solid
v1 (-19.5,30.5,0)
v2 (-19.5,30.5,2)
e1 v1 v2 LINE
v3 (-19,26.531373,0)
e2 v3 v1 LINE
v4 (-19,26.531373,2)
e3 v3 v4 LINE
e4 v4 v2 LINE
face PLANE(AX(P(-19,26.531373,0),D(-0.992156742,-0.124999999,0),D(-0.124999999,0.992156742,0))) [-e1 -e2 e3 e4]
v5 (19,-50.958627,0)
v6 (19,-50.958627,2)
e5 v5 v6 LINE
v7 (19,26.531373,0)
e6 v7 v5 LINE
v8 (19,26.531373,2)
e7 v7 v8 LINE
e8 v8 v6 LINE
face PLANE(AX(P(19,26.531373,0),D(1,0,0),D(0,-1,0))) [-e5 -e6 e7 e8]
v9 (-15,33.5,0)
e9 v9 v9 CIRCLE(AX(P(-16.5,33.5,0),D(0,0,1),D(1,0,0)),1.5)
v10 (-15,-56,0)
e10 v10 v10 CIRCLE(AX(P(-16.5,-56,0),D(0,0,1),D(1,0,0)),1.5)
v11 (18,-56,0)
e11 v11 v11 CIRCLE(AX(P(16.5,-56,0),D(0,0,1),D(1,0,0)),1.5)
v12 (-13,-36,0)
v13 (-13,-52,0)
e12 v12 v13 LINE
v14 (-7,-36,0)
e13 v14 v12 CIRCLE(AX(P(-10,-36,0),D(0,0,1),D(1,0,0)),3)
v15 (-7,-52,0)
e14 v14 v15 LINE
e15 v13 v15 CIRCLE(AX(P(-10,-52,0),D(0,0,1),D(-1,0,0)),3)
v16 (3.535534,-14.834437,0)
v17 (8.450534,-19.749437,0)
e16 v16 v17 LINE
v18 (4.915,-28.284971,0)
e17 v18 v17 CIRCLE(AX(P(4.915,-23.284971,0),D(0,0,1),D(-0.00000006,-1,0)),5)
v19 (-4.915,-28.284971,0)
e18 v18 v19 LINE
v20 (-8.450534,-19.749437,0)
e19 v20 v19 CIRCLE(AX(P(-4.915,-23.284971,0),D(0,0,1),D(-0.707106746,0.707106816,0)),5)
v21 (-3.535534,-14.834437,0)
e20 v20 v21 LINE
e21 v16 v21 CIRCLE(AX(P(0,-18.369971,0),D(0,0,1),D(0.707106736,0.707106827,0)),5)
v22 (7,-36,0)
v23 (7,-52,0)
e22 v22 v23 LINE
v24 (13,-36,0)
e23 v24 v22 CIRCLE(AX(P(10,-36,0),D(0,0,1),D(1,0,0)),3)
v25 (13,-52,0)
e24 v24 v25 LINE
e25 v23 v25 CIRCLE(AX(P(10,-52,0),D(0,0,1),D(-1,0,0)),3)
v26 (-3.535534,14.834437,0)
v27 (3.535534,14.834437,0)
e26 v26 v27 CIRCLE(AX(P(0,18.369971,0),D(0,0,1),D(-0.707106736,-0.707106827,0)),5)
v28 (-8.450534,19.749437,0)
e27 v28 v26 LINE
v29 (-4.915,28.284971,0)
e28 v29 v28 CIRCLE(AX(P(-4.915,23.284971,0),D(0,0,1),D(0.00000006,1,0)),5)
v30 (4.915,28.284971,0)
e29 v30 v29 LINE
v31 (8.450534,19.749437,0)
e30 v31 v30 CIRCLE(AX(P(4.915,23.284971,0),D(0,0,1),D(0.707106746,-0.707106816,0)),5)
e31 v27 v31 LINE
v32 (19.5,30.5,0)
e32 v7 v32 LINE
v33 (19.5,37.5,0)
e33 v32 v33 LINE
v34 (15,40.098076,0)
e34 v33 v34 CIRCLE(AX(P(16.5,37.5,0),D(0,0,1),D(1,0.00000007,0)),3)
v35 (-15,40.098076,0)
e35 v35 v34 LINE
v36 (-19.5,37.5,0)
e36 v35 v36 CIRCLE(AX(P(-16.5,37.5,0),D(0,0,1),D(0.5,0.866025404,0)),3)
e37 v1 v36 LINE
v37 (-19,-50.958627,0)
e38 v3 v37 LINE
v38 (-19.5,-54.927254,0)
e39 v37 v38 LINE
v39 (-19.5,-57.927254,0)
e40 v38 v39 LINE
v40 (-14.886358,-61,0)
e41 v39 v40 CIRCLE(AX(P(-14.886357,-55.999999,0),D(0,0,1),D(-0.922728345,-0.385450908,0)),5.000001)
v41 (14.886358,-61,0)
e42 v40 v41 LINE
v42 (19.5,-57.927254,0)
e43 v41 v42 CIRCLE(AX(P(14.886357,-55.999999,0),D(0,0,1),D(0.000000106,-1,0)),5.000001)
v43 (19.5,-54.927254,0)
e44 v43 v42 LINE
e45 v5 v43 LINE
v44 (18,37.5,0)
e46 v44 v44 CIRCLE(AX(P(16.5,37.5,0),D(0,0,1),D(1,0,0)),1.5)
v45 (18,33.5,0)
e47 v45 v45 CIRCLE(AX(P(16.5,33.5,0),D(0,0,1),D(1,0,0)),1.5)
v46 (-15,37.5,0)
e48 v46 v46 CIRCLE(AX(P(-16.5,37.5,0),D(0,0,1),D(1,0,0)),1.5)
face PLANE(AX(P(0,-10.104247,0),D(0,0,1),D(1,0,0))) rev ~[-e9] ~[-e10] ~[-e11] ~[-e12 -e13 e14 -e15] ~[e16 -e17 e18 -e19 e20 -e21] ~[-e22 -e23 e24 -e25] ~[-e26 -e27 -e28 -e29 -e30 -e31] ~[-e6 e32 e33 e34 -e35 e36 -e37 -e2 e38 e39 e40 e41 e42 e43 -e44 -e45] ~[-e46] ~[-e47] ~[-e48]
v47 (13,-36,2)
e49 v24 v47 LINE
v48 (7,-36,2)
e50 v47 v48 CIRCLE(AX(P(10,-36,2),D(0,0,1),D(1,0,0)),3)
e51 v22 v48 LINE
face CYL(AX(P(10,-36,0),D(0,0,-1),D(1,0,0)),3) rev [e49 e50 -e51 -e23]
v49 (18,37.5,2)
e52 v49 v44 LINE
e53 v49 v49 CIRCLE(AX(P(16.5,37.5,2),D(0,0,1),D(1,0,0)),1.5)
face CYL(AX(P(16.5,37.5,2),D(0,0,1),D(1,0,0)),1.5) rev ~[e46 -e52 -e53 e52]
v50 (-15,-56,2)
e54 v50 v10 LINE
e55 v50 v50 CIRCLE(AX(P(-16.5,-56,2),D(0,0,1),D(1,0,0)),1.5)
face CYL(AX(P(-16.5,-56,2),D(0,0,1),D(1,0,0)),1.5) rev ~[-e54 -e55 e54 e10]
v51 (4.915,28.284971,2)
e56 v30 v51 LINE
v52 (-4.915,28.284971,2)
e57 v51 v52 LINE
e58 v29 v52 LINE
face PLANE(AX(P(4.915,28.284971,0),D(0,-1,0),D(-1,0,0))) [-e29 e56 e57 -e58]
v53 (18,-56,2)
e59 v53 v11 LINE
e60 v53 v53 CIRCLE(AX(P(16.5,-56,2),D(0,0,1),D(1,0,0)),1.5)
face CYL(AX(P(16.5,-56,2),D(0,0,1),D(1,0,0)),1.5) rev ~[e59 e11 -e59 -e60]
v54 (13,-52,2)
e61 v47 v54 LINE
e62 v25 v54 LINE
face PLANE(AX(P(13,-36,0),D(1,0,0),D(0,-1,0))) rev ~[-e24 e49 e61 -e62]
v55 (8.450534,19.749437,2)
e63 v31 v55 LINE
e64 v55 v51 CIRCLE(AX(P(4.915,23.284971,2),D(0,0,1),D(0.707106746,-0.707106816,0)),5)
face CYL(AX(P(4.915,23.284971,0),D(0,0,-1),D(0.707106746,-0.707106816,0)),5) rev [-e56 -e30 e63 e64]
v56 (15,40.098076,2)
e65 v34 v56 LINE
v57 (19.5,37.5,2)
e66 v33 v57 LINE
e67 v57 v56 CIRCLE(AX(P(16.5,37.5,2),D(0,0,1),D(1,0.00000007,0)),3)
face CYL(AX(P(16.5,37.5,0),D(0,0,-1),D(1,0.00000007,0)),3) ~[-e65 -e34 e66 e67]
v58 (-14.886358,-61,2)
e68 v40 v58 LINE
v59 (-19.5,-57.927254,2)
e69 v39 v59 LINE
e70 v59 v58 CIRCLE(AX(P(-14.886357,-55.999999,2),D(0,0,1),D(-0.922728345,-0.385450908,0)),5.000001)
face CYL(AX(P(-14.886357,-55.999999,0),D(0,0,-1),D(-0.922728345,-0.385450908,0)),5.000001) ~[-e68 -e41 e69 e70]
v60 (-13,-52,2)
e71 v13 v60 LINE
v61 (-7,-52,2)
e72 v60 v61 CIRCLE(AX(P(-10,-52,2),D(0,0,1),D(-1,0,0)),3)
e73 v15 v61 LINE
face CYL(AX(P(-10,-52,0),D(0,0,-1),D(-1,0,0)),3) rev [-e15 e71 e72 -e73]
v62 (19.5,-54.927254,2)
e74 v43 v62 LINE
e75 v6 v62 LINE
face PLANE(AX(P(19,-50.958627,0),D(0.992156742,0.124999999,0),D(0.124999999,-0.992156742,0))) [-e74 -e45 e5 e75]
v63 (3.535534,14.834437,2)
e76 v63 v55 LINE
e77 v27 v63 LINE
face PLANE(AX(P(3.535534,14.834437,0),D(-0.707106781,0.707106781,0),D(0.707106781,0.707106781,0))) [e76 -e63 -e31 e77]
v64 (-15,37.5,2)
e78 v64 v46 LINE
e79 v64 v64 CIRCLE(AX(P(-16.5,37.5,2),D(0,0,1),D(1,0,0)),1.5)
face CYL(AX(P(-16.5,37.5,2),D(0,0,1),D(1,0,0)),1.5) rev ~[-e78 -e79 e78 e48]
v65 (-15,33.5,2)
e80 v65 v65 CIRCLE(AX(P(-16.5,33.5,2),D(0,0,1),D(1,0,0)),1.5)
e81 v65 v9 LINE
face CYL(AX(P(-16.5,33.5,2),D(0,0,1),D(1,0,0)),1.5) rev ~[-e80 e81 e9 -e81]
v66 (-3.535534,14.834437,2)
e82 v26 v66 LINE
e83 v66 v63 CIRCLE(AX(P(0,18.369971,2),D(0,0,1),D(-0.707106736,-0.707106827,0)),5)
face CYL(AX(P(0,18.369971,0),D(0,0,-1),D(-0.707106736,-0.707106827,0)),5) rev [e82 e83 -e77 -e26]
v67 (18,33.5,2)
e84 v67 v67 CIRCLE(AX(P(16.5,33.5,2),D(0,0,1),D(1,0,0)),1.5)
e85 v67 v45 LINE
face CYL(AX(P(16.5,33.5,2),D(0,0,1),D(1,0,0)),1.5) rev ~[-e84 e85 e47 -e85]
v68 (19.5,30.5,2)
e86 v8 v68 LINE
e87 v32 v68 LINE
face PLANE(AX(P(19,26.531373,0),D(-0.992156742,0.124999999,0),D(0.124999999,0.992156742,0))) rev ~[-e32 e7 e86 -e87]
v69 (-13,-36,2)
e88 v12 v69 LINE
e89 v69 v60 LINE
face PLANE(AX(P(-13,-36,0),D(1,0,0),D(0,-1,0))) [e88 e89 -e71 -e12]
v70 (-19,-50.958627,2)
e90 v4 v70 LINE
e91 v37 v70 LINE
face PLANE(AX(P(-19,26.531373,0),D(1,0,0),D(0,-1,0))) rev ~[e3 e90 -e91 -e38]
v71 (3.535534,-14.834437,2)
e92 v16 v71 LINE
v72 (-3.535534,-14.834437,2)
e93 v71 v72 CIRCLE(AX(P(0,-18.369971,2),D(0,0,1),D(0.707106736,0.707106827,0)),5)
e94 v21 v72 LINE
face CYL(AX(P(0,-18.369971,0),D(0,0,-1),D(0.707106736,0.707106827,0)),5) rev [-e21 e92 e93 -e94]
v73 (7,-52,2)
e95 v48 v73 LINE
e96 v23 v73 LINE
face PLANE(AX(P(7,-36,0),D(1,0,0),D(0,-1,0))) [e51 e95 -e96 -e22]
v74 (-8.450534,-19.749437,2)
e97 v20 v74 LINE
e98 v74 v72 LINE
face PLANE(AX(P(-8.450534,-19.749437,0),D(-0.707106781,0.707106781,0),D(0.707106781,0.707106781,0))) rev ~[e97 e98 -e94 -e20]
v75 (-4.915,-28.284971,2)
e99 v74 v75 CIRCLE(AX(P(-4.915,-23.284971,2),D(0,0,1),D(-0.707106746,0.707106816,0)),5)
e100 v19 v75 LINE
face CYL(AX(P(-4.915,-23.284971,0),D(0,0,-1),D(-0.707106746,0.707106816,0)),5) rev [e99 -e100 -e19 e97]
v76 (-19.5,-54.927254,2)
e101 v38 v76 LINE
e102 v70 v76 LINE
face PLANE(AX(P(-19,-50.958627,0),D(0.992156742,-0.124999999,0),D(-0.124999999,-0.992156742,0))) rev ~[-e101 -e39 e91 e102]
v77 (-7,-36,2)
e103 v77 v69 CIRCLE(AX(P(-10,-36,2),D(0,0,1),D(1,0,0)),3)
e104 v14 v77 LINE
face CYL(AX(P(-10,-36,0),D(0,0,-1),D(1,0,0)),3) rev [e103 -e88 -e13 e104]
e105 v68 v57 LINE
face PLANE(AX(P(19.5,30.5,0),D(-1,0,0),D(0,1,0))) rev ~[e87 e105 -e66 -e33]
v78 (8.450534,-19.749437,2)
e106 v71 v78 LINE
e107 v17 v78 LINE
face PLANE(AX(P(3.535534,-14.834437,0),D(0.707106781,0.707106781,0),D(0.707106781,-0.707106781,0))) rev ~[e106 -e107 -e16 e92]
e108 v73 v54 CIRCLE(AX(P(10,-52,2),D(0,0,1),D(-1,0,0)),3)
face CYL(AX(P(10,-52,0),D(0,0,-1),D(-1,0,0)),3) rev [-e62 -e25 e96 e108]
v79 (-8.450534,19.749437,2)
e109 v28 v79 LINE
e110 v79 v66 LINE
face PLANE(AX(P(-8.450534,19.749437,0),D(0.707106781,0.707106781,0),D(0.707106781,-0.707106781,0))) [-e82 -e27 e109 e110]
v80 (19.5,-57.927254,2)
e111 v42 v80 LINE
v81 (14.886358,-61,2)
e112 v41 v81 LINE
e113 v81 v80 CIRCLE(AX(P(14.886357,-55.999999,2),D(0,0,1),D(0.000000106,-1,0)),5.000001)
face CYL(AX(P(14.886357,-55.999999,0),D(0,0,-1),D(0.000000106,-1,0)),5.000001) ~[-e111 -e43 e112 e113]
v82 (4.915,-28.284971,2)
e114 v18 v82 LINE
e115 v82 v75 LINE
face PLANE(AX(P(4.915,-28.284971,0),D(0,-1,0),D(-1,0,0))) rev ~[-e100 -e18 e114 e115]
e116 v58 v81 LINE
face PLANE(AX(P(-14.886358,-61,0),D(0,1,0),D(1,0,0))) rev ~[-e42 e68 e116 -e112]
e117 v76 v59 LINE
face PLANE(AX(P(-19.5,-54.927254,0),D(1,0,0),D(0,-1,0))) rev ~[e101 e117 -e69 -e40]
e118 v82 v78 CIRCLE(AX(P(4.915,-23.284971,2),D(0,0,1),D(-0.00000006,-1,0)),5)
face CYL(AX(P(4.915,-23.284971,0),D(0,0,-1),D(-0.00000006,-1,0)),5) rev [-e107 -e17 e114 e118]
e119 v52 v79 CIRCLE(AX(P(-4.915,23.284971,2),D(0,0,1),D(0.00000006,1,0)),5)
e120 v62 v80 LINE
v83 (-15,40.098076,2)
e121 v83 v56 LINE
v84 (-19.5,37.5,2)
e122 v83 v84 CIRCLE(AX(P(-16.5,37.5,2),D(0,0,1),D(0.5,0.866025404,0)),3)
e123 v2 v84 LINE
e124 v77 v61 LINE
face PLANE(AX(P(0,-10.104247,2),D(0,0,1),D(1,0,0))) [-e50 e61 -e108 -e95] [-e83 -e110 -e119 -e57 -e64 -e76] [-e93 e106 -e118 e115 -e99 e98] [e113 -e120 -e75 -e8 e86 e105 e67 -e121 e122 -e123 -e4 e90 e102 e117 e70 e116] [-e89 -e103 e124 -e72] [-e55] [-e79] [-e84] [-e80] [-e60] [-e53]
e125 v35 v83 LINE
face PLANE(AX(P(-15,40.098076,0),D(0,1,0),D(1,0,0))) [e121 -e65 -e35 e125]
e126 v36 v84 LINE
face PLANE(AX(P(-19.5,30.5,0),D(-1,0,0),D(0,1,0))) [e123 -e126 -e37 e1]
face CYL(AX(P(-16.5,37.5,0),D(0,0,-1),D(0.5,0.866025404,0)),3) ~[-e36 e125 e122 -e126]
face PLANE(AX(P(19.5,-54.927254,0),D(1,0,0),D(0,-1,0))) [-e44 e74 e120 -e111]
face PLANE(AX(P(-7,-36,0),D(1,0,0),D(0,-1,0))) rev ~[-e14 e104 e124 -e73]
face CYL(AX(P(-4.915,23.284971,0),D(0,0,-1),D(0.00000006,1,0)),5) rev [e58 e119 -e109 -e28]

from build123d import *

# Parameters (mm, degrees)
PAD_DEPTH    = 2
SKETCH001_R  = 1.5
POCKET_DEPTH = 2.001


with BuildPart() as part:
    # Sketch → Pad (new body)
    with BuildSketch(Plane.XY):
        with BuildLine():
            Line((-14.886358, -61), (14.886358, -61))
            ThreePointArc((14.886358, -61), (17.657976, -60.161506), (19.5, -57.927254))
            Line((19.5, -54.927254), (19.5, -57.927254))
            Line((19, -50.958627), (19.5, -54.927254))
            Line((19, 26.531373), (19, -50.958627))
            Line((19, 26.531373), (19.5, 30.5))
            Line((19.5, 30.5), (19.5, 37.5))
            ThreePointArc((19.5, 37.5), (18, 40.098076), (15, 40.098076))
            Line((-15, 40.098076), (15, 40.098076))
            ThreePointArc((-15, 40.098076), (-18, 40.098076), (-19.5, 37.5))
            Line((-19.5, 30.5), (-19.5, 37.5))
            Line((-19, 26.531373), (-19.5, 30.5))
            Line((-19, 26.531373), (-19, -50.958627))
            Line((-19, -50.958627), (-19.5, -54.927254))
            Line((-19.5, -54.927254), (-19.5, -57.927254))
            ThreePointArc((-19.5, -57.927254), (-17.657976, -60.161506), (-14.886358, -61))
        make_face()
        with BuildLine():
            ThreePointArc((-7, -36), (-10, -33), (-13, -36))
            Line((-13, -36), (-13, -52))
            ThreePointArc((-13, -52), (-10, -55), (-7, -52))
            Line((-7, -36), (-7, -52))
        make_face(mode=Mode.SUBTRACT)
        with BuildLine():
            ThreePointArc((13, -36), (10, -33), (7, -36))
            Line((7, -36), (7, -52))
            ThreePointArc((7, -52), (10, -55), (13, -52))
            Line((13, -36), (13, -52))
        make_face(mode=Mode.SUBTRACT)
        with BuildLine():
            Line((-8.450534, 19.749437), (-3.535534, 14.834437))
            ThreePointArc((-3.535534, 14.834437), (0, 13.369971), (3.535534, 14.834437))
            Line((3.535534, 14.834437), (8.450534, 19.749437))
            ThreePointArc((8.450534, 19.749437), (9.534398, 25.198388), (4.915, 28.284971))
            Line((4.915, 28.284971), (-4.915, 28.284971))
            ThreePointArc((-4.915, 28.284971), (-9.534398, 25.198388), (-8.450534, 19.749437))
        make_face(mode=Mode.SUBTRACT)
        with BuildLine():
            Line((3.535534, -14.834437), (8.450534, -19.749437))
            ThreePointArc((4.915, -28.284971), (9.534398, -25.198388), (8.450534, -19.749437))
            Line((4.915, -28.284971), (-4.915, -28.284971))
            ThreePointArc((-8.450534, -19.749437), (-9.534398, -25.198388), (-4.915, -28.284971))
            Line((-8.450534, -19.749437), (-3.535534, -14.834437))
            ThreePointArc((3.535534, -14.834437), (0, -13.369971), (-3.535534, -14.834437))
        make_face(mode=Mode.SUBTRACT)
    extrude(amount=PAD_DEPTH)

    # Sketch001 → Pocket (cut, through all)
    with BuildSketch(Plane.XY.offset(2)):
        with Locations((-16.5, 33.5)):
            Circle(SKETCH001_R)
        with Locations((16.5, 33.5)):
            Circle(SKETCH001_R)
        with Locations((16.5, -56)):
            Circle(SKETCH001_R)
        with Locations((-16.5, -56)):
            Circle(SKETCH001_R)
        with Locations((16.5, 37.5)):
            Circle(SKETCH001_R)
        with Locations((-16.5, 37.5)):
            Circle(SKETCH001_R)
    extrude(amount=-POCKET_DEPTH, mode=Mode.SUBTRACT)


solid = part.part
